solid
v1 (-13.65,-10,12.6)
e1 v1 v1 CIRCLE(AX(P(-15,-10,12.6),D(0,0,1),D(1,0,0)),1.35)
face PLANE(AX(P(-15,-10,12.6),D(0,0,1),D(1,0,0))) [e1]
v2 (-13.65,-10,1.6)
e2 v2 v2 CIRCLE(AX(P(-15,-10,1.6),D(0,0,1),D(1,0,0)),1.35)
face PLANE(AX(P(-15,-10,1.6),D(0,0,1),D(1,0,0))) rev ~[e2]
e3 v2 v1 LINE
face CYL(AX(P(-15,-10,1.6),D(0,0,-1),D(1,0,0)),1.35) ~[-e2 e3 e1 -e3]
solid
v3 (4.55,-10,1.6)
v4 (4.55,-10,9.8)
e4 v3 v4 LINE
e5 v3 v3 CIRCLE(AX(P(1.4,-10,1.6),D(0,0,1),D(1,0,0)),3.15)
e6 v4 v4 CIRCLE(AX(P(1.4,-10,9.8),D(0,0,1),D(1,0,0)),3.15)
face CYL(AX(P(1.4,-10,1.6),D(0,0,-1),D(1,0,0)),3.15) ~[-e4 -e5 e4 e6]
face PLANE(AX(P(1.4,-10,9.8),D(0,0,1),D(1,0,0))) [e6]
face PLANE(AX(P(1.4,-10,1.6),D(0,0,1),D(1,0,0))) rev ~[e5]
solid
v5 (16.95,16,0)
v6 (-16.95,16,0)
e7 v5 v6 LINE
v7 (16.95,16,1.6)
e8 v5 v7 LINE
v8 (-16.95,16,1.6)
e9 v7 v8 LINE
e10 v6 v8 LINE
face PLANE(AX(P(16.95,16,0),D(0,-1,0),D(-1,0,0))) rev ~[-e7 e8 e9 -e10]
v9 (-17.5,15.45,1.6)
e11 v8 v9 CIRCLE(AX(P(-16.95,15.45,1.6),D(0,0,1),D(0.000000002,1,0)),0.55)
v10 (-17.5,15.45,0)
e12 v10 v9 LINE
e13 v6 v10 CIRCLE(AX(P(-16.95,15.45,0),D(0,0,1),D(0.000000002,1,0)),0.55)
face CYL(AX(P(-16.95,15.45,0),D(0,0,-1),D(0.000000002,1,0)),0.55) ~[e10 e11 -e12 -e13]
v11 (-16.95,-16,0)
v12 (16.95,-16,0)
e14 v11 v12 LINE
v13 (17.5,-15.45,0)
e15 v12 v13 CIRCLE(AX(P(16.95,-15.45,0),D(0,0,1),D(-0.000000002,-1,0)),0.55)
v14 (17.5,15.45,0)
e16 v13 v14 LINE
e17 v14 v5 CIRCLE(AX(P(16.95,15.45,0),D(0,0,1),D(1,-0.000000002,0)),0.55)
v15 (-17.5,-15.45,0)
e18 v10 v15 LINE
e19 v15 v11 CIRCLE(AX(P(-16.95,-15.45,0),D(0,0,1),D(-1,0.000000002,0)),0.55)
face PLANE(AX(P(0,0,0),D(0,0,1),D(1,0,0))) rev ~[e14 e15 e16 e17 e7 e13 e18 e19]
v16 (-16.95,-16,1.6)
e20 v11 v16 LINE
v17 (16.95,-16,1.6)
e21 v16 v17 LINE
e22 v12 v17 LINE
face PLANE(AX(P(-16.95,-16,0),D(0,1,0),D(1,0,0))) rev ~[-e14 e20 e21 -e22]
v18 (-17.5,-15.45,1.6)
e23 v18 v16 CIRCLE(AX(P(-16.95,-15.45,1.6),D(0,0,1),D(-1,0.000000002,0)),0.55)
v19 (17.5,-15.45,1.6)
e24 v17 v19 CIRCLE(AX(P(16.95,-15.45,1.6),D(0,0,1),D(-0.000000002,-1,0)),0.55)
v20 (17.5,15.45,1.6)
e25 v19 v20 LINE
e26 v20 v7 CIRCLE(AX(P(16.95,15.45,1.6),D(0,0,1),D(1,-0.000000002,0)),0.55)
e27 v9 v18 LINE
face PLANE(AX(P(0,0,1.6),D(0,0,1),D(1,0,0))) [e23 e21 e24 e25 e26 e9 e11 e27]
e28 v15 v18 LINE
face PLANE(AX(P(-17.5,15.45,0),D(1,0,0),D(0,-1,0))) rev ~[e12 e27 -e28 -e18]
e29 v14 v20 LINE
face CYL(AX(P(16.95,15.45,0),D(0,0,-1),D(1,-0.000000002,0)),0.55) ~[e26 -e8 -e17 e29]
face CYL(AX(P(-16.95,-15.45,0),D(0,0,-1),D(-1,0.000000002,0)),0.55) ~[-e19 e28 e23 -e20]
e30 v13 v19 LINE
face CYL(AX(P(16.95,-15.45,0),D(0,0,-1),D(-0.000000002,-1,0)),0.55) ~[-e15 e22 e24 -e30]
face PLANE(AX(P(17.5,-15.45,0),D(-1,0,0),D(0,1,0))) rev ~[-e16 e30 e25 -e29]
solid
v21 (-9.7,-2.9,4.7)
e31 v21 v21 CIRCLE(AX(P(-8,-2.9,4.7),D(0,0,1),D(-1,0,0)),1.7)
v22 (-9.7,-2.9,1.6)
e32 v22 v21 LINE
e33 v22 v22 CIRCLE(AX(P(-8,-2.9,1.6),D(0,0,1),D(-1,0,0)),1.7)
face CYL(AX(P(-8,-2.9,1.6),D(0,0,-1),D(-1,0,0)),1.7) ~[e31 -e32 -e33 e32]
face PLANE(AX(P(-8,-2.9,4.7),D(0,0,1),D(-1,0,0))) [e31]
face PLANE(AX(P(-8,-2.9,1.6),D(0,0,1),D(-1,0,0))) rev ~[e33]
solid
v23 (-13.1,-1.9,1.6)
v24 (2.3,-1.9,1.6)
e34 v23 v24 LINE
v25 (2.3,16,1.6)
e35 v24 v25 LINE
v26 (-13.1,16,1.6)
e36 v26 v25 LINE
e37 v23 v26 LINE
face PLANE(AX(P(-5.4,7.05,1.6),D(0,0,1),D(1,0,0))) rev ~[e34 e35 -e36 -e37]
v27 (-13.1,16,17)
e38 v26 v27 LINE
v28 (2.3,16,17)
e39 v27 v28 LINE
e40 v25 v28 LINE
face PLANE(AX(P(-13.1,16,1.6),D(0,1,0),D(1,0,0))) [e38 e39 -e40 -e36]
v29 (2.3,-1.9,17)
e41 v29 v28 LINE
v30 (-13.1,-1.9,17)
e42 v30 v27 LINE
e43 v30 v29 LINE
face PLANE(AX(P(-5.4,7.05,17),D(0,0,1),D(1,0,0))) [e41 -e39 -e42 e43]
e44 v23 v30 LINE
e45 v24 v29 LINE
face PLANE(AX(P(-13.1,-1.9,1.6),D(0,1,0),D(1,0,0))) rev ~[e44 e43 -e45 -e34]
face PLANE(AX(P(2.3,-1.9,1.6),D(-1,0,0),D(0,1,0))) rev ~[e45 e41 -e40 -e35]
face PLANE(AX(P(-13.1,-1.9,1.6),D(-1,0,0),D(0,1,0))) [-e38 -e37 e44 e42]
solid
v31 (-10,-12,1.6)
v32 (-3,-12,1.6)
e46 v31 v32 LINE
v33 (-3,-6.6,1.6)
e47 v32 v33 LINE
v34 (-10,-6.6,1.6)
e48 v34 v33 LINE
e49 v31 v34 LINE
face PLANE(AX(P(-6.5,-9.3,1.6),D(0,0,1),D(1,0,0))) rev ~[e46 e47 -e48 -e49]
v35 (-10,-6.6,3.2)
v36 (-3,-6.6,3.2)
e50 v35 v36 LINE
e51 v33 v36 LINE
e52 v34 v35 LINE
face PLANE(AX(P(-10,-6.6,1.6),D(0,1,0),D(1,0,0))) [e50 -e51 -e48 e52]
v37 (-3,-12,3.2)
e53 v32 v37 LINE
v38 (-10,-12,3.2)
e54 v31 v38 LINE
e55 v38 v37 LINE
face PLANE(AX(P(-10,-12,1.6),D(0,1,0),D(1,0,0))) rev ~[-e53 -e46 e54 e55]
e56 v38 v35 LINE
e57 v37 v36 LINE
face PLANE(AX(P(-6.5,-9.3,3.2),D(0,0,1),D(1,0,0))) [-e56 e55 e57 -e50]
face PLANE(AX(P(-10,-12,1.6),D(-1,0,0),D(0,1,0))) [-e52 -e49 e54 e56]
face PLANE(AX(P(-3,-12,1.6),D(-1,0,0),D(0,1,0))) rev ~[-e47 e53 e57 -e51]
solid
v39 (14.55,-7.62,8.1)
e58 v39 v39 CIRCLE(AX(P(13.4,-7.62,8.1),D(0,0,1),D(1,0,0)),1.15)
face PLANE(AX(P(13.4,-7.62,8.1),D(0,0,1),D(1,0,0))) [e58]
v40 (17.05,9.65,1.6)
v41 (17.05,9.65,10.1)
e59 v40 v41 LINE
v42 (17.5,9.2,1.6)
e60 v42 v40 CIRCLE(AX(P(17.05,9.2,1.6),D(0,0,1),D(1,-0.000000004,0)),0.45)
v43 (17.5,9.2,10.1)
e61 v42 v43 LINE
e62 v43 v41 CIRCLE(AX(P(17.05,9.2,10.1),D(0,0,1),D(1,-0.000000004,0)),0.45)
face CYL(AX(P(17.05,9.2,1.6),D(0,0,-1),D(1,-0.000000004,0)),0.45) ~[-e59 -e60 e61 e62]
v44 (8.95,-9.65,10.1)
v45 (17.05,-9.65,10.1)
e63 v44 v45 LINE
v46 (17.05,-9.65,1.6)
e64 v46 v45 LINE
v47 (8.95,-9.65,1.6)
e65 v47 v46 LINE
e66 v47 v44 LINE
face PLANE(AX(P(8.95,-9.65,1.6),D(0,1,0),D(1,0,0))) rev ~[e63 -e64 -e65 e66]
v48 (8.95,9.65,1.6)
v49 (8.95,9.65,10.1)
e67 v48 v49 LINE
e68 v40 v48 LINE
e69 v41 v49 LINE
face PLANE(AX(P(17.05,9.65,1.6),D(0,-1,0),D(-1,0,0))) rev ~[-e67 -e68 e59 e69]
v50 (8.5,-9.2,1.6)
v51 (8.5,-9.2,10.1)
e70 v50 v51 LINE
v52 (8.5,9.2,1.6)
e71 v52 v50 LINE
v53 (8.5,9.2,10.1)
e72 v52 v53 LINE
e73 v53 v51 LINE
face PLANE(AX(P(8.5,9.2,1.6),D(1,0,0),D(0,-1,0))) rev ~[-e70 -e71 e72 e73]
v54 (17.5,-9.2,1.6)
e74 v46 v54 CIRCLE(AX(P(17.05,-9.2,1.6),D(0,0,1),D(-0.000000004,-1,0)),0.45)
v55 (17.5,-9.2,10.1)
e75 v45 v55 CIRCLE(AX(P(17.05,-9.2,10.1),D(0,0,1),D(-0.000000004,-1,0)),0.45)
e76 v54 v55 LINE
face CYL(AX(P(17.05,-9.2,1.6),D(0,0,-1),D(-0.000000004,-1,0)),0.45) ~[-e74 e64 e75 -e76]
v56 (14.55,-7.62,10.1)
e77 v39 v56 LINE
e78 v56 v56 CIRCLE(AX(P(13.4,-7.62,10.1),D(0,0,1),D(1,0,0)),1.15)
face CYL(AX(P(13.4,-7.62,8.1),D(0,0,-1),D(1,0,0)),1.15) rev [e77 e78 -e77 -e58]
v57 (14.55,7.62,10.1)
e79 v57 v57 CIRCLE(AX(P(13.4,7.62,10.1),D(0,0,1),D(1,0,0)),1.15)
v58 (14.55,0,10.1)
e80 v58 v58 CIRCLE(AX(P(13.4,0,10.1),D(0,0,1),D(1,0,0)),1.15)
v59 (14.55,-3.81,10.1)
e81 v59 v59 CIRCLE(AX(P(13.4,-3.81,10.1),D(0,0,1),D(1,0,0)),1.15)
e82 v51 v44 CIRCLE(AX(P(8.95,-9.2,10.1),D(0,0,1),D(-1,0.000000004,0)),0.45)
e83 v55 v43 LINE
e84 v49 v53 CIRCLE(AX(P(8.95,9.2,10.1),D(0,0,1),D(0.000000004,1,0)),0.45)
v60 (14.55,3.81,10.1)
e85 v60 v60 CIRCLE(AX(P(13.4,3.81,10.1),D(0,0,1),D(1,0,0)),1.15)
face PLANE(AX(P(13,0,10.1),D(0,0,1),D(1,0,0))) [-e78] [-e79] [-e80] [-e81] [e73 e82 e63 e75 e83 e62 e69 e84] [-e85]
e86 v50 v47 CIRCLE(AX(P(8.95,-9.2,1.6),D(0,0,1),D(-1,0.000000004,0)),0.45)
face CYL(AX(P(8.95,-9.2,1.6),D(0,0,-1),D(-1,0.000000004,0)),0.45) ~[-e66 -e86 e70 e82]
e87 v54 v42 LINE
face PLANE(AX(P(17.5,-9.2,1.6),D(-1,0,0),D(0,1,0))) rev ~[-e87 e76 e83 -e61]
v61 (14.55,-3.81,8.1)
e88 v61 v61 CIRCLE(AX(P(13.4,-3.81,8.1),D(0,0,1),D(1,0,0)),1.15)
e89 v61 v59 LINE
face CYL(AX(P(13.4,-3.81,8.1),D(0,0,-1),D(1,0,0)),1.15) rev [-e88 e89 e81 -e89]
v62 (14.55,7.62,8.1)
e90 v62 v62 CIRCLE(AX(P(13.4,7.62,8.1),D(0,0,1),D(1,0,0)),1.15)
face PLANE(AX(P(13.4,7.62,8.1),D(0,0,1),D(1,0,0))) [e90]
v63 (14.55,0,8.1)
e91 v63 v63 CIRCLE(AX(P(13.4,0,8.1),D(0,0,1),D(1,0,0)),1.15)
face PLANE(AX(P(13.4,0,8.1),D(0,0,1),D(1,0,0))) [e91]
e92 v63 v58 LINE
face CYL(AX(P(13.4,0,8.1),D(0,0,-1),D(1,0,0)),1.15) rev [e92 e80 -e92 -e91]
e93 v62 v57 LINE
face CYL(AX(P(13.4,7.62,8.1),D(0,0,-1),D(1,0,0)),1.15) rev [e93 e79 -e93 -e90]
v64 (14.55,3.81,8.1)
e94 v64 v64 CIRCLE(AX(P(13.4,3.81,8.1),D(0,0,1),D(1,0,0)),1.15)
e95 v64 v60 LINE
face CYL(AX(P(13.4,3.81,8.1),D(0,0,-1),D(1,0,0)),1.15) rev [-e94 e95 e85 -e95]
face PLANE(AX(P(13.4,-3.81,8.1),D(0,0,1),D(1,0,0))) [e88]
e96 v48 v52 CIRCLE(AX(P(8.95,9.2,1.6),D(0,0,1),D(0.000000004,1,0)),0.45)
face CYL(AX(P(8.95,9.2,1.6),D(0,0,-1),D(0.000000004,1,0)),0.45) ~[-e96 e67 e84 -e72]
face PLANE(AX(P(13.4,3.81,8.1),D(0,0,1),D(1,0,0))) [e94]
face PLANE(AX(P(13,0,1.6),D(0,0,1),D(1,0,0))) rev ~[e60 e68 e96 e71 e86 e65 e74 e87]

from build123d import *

# Parameters (mm, degrees)
PCB_35X32_DEPTH                   = 1.6
RELAY_24V_START                   = 1.6
RELAY_24V_SKETCH_W                = 15.4
RELAY_24V_SKETCH_H                = 17.9
RELAY_24V_DEPTH                   = 15.4
FIVE_POSITION_3P81_TERMINAL_START = 1.6
FIVE_POSITION_3P81_TERMINAL_DEPTH = 8.5
FIVE_TERMINAL_RECESSES_START      = 8.1
FIVE_TERMINAL_RECESSES_SKETCH_R   = 1.15
FIVE_TERMINAL_RECESSES_DEPTH      = 2
RECEIVER_CAPACITOR_START          = 1.6
RECEIVER_CAPACITOR_SKETCH_R       = 3.15
RECEIVER_CAPACITOR_DEPTH          = 8.2
RF_COIL_ENVELOPE_START            = 1.6
RF_COIL_ENVELOPE_SKETCH_R         = 1.35
RF_COIL_ENVELOPE_DEPTH            = 11
RECEIVER_IC_START                 = 1.6
RECEIVER_IC_SKETCH_W              = 7
RECEIVER_IC_SKETCH_H              = 5.4
RECEIVER_IC_DEPTH                 = 1.6
LEARN_BUTTON_START                = 1.6
LEARN_BUTTON_SKETCH_R             = 1.7
LEARN_BUTTON_DEPTH                = 3.1


with BuildPart() as part:
    # PCB_35x32_Sketch → PCB_35x32 (new body)
    with BuildSketch(Plane.XY):
        with BuildLine():
            Line((-16.95, -16), (16.95, -16))
            ThreePointArc((16.95, -16), (17.33890873, -15.83890873), (17.5, -15.45))
            Line((17.5, -15.45), (17.5, 15.45))
            ThreePointArc((17.5, 15.45), (17.33890873, 15.83890873), (16.95, 16))
            Line((16.95, 16), (-16.95, 16))
            ThreePointArc((-16.95, 16), (-17.33890873, 15.83890873), (-17.5, 15.45))
            Line((-17.5, 15.45), (-17.5, -15.45))
            ThreePointArc((-17.5, -15.45), (-17.33890873, -15.83890873), (-16.95, -16))
        make_face()
    extrude(amount=PCB_35X32_DEPTH)


with BuildPart() as body_2:
    # Relay_24V_Sketch → Relay_24V (new body)
    with BuildSketch(Plane.XY.offset(RELAY_24V_START)):
        with Locations((-5.4, 7.05)):
            Rectangle(RELAY_24V_SKETCH_W, RELAY_24V_SKETCH_H)
    extrude(amount=RELAY_24V_DEPTH)


with BuildPart() as body_3:
    # Five_position_3p81_terminal_Sketch → Five_position_3p81_terminal (new body)
    with BuildSketch(Plane.XY.offset(FIVE_POSITION_3P81_TERMINAL_START)):
        with BuildLine():
            Line((8.95, -9.65), (17.05, -9.65))
            ThreePointArc((17.05, -9.65), (17.368198052, -9.518198052), (17.5, -9.2))
            Line((17.5, -9.2), (17.5, 9.2))
            ThreePointArc((17.5, 9.2), (17.368198052, 9.518198052), (17.05, 9.65))
            Line((17.05, 9.65), (8.95, 9.65))
            ThreePointArc((8.95, 9.65), (8.631801948, 9.518198052), (8.5, 9.2))
            Line((8.5, 9.2), (8.5, -9.2))
            ThreePointArc((8.5, -9.2), (8.631801948, -9.518198052), (8.95, -9.65))
        make_face()
    extrude(amount=FIVE_POSITION_3P81_TERMINAL_DEPTH)

    # Five_terminal_recesses_Sketch → Five_terminal_recesses (cut)
    with BuildSketch(Plane.XY.offset(FIVE_TERMINAL_RECESSES_START)):
        with Locations((13.4, -7.62)):
            Circle(FIVE_TERMINAL_RECESSES_SKETCH_R)
        with Locations((13.4, -3.81)):
            Circle(FIVE_TERMINAL_RECESSES_SKETCH_R)
        with Locations((13.4, 0)):
            Circle(FIVE_TERMINAL_RECESSES_SKETCH_R)
        with Locations((13.4, 3.81)):
            Circle(FIVE_TERMINAL_RECESSES_SKETCH_R)
        with Locations((13.4, 7.62)):
            Circle(FIVE_TERMINAL_RECESSES_SKETCH_R)
    extrude(amount=FIVE_TERMINAL_RECESSES_DEPTH, mode=Mode.SUBTRACT)


with BuildPart() as body_4:
    # Receiver_capacitor_Sketch → Receiver_capacitor (new body)
    with BuildSketch(Plane.XY.offset(RECEIVER_CAPACITOR_START)):
        with Locations((1.4, -10)):
            Circle(RECEIVER_CAPACITOR_SKETCH_R)
    extrude(amount=RECEIVER_CAPACITOR_DEPTH)


with BuildPart() as body_5:
    # RF_coil_envelope_Sketch → RF_coil_envelope (new body)
    with BuildSketch(Plane.XY.offset(RF_COIL_ENVELOPE_START)):
        with Locations((-15, -10)):
            Circle(RF_COIL_ENVELOPE_SKETCH_R)
    extrude(amount=RF_COIL_ENVELOPE_DEPTH)


with BuildPart() as body_6:
    # Receiver_IC_Sketch → Receiver_IC (new body)
    with BuildSketch(Plane.XY.offset(RECEIVER_IC_START)):
        with Locations((-6.5, -9.3)):
            Rectangle(RECEIVER_IC_SKETCH_W, RECEIVER_IC_SKETCH_H)
    extrude(amount=RECEIVER_IC_DEPTH)


with BuildPart() as body_7:
    # Learn_button_Sketch → Learn_button (new body)
    with BuildSketch(Plane.XY.offset(LEARN_BUTTON_START)):
        with Locations((-8, -2.9)):
            Circle(LEARN_BUTTON_SKETCH_R)
    extrude(amount=LEARN_BUTTON_DEPTH)


solid = Compound([part.part, body_2.part, body_3.part, body_4.part, body_5.part, body_6.part, body_7.part])
